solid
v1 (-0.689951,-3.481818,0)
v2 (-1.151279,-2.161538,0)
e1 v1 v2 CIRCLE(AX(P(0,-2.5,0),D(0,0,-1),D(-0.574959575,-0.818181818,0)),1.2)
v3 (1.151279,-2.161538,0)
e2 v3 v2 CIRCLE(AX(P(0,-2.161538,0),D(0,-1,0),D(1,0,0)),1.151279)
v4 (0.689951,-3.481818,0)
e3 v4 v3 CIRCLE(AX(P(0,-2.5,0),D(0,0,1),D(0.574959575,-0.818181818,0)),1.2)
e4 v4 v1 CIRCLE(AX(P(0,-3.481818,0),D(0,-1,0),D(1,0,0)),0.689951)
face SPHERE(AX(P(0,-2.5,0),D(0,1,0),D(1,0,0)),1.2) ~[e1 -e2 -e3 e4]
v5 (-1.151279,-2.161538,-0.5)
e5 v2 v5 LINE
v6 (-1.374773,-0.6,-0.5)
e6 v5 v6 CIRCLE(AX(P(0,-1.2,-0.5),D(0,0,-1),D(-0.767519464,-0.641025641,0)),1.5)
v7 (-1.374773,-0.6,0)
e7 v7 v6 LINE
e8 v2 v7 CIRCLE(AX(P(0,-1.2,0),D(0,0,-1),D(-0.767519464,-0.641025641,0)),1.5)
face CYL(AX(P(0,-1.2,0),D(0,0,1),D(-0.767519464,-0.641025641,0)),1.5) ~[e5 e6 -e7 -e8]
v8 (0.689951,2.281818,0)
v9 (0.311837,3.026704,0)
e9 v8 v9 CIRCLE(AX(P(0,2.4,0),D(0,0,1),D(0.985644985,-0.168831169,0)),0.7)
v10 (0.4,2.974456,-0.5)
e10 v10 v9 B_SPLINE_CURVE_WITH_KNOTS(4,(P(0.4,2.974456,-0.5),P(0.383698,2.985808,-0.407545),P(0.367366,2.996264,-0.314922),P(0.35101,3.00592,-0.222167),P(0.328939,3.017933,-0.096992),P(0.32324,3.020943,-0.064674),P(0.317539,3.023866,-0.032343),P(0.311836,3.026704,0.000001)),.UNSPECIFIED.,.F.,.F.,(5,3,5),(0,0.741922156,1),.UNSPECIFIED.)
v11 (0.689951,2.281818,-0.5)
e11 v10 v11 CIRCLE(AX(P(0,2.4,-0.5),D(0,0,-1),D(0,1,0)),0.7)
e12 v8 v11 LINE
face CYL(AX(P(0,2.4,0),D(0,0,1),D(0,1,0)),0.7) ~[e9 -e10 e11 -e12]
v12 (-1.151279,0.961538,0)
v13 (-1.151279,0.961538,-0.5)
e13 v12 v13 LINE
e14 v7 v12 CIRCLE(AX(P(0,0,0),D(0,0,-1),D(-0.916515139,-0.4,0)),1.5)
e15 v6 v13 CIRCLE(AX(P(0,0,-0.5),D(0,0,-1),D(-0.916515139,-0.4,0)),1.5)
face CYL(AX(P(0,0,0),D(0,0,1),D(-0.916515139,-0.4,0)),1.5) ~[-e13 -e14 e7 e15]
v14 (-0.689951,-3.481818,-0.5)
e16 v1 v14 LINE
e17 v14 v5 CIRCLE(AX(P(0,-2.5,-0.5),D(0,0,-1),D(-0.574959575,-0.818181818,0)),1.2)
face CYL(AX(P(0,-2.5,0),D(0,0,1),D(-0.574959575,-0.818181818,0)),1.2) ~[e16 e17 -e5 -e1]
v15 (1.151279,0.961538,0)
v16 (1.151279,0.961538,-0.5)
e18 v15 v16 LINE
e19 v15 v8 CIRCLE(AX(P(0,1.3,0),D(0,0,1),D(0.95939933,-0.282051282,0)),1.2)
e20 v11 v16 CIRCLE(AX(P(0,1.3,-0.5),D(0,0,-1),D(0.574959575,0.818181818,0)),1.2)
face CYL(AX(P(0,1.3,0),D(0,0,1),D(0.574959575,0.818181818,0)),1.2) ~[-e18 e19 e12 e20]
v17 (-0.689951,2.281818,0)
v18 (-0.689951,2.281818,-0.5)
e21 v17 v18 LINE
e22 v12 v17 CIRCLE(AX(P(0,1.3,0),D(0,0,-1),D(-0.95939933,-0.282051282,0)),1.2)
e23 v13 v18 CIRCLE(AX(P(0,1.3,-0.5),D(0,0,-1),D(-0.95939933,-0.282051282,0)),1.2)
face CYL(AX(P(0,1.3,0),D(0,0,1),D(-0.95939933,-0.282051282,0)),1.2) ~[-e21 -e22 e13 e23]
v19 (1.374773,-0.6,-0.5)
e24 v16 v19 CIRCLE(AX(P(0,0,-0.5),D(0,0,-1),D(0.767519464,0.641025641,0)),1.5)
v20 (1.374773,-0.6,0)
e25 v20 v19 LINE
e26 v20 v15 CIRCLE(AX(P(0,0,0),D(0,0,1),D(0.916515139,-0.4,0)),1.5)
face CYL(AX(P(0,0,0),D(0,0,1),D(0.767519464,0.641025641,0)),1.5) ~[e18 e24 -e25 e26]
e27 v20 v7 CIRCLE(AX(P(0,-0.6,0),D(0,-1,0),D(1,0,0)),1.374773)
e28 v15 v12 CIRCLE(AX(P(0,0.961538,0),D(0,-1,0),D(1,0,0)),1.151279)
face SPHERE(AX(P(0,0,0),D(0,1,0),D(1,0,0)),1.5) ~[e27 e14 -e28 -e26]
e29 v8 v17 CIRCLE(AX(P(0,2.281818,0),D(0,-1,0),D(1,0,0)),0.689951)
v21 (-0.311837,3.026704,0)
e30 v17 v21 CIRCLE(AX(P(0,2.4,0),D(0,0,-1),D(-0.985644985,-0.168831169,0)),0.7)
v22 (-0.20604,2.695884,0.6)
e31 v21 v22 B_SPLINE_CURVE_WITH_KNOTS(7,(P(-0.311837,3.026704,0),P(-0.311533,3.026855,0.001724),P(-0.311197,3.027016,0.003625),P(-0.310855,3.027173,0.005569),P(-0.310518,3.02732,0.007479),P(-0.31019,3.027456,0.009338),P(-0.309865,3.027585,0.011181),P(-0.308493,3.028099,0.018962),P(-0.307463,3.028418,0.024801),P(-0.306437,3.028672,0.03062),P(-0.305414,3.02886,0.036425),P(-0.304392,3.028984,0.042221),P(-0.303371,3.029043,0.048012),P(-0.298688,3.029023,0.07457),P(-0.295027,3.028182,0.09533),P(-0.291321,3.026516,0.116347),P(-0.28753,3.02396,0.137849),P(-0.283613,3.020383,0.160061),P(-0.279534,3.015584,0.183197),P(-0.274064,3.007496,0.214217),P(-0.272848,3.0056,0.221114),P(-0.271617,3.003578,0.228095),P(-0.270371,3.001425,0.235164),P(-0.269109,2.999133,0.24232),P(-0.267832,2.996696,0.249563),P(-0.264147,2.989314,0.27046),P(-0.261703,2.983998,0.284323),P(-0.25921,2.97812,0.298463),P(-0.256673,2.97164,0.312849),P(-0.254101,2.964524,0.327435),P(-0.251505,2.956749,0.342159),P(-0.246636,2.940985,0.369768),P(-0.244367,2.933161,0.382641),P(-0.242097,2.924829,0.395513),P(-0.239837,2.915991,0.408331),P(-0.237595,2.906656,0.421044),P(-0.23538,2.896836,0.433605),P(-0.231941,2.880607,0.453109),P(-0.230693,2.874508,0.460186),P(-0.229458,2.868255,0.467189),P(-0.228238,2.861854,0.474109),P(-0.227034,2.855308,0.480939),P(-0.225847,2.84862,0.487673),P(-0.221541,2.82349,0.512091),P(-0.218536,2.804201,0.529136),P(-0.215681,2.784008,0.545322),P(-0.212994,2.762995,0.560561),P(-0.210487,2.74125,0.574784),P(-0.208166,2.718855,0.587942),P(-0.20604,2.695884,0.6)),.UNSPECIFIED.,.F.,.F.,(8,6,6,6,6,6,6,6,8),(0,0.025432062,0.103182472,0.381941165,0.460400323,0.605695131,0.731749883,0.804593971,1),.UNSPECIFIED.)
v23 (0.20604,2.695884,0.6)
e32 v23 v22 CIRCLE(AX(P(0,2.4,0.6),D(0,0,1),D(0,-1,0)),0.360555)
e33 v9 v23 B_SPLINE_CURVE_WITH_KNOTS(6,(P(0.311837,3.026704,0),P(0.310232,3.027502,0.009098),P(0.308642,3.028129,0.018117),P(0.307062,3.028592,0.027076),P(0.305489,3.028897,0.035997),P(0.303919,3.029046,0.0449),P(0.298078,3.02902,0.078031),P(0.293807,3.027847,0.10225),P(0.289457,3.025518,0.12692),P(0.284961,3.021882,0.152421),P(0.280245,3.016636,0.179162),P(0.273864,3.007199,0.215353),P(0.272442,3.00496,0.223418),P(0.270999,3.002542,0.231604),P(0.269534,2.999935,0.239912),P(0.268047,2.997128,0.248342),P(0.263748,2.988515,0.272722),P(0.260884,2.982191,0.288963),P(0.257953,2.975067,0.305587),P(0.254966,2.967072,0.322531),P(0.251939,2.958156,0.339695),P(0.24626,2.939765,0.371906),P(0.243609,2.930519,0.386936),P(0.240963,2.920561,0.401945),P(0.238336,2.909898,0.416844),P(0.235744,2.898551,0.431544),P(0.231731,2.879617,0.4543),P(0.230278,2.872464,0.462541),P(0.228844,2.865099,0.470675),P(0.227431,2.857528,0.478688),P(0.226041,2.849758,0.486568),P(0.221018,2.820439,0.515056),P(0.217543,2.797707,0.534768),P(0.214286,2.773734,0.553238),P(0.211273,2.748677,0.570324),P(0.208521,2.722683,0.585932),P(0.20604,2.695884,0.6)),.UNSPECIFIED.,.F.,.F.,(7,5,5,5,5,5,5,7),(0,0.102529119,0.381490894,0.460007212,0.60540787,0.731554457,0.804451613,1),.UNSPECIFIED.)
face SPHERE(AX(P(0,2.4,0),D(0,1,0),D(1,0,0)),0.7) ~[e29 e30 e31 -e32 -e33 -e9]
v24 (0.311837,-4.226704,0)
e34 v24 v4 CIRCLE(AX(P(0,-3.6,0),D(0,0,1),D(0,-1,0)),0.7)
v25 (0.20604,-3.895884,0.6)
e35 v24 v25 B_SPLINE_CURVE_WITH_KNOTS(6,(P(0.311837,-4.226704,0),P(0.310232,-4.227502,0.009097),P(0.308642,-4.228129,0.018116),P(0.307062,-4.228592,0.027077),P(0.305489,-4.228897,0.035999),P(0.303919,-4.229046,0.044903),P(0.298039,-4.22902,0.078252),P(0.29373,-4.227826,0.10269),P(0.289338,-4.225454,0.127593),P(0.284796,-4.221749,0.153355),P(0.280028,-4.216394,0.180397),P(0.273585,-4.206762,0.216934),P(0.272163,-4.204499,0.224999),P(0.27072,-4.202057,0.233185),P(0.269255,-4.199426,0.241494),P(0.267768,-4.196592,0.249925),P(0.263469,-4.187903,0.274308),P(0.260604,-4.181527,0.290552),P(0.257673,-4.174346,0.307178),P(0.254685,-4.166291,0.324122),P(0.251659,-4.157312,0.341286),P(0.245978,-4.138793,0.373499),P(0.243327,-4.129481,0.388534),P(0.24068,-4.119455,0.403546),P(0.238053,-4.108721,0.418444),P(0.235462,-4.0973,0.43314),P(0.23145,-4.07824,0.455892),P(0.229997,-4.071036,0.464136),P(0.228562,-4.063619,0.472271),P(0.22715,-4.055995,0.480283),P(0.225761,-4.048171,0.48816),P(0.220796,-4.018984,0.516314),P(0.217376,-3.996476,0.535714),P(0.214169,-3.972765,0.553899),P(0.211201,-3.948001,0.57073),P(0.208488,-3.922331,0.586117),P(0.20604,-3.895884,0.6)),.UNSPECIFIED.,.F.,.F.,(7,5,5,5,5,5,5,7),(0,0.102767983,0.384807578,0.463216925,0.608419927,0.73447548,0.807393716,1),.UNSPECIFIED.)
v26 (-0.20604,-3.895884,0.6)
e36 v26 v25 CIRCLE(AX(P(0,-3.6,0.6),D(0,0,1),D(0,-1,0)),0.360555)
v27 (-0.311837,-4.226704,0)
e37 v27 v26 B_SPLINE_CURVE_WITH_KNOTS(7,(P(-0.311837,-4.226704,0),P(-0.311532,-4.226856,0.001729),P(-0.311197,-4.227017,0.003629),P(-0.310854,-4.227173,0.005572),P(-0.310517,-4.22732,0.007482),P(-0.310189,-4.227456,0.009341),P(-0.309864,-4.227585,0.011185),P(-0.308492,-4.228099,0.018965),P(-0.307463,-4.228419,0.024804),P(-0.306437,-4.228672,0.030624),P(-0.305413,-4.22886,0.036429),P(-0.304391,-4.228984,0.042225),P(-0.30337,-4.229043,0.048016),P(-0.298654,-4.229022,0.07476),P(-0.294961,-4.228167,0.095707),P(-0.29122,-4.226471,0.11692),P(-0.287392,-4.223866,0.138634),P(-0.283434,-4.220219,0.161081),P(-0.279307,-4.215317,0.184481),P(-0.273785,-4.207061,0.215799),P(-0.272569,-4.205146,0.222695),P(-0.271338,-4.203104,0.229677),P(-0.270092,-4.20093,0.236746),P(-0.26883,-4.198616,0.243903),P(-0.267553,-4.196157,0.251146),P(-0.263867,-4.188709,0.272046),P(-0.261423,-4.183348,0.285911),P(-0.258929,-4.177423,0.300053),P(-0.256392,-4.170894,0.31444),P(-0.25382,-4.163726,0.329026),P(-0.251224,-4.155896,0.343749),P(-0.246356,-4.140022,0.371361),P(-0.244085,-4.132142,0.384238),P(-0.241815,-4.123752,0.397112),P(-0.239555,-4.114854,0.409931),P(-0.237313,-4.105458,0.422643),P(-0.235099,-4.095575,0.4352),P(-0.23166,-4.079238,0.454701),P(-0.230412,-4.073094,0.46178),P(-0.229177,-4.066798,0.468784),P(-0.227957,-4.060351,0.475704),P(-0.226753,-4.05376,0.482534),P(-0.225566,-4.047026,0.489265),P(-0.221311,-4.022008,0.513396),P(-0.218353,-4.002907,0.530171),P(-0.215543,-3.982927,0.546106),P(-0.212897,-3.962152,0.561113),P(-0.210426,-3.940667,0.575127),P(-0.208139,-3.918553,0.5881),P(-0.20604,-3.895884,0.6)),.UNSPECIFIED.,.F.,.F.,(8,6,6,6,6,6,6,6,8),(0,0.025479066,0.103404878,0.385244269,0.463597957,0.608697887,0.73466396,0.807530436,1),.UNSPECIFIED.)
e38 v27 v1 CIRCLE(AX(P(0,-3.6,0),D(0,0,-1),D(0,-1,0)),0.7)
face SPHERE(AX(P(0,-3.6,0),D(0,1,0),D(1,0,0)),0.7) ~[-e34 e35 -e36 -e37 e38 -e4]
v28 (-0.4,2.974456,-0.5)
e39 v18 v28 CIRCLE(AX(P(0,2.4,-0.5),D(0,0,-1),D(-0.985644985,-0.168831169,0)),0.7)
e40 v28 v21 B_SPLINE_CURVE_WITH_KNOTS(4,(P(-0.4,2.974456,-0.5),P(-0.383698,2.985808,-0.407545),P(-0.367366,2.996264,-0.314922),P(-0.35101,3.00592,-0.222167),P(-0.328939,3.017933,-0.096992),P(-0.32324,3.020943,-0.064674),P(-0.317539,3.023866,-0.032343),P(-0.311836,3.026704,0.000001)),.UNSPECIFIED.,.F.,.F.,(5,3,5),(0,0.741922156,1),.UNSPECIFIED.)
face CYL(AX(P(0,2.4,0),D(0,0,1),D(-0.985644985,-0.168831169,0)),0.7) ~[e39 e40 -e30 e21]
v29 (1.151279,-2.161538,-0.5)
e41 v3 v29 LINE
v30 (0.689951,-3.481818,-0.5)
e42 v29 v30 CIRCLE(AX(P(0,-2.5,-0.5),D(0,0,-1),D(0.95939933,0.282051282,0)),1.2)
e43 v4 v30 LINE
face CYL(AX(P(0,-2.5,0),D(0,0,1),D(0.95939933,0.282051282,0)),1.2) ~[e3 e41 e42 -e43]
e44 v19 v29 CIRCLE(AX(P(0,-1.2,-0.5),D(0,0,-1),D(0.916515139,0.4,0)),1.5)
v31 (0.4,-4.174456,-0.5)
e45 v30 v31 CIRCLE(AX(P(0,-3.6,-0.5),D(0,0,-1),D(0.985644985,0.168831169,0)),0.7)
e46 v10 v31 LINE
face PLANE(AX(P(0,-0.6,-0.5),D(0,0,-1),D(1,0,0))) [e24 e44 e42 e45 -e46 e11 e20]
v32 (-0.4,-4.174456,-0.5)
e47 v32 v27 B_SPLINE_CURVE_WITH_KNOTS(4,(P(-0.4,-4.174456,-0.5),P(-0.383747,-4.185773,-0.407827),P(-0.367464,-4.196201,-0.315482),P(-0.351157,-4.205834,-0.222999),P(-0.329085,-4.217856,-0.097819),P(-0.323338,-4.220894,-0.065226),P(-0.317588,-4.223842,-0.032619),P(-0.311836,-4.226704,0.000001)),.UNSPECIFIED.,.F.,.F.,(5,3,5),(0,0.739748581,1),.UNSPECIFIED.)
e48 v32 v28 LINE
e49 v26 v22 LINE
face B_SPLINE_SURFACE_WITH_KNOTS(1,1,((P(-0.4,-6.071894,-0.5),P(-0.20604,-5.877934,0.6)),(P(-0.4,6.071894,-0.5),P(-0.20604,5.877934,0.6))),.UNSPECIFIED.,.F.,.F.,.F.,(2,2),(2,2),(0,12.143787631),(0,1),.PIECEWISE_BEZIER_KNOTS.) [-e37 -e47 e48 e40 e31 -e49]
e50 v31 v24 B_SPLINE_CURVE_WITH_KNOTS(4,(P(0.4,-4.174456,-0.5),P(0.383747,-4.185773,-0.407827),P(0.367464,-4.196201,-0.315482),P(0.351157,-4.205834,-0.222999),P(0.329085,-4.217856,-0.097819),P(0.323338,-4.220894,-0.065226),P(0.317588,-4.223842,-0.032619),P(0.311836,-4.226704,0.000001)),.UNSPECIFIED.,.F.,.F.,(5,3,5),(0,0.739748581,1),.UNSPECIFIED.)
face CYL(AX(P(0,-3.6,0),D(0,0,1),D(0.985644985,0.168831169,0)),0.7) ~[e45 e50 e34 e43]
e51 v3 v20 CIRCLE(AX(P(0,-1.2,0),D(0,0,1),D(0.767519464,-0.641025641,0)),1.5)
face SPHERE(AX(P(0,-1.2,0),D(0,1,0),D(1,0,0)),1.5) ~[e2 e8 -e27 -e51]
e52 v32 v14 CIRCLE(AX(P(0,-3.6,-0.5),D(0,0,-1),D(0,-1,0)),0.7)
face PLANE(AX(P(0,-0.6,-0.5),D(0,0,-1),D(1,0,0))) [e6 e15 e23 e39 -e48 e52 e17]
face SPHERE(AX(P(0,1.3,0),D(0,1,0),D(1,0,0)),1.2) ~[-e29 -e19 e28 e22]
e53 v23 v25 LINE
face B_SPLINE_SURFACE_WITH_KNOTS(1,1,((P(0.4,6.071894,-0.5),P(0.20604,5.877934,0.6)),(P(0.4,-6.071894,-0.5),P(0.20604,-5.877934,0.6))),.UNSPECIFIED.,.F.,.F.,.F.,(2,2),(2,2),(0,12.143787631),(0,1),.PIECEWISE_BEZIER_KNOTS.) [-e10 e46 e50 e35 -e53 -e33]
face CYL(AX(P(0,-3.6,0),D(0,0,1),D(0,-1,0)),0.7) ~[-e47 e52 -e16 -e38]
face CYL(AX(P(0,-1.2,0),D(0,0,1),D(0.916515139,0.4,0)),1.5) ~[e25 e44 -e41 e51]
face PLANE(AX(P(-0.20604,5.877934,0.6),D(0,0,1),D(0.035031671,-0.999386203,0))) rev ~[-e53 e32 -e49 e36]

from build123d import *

# Parameters (mm, degrees)
F1_ANGLE = 180
F3_DEPTH = 0.5
F5_DEPTH = 1.1
F5_TAPER = 10


with BuildPart() as f1:
    # F0 (on Top) → F1 (revolve)
    with BuildSketch(Plane.XY):
        with BuildLine():
            ThreePointArc((0.5062173446, 0.212), (0.9095469597, 0.517232903), (1.1512791959, 0.9615384615))
            ThreePointArc((1.1512791959, 0.9615384615), (0.6354889093, 1.358732441), (0, 1.5))
            Line((0, 1.5), (0, 0.3))
            ThreePointArc((0, 0.3), (0.2569046516, 0.2778362562), (0.5062173446, 0.212))
        make_face()
        with BuildLine():
            Line((0, -1.3), (0, -1.5))
            ThreePointArc((0, -1.5), (0.2569046516, -1.4778362562), (0.5062173446, -1.412))
            ThreePointArc((0.5062173446, -1.412), (0.2592296279, -1.3283345187), (0, -1.3))
        make_face()
        with BuildLine():
            ThreePointArc((0.5062173446, -1.412), (0.2569046516, -1.4778362562), (0, -1.5))
            Line((0, -1.5), (0, -2.7))
            ThreePointArc((0, -2.7), (0.6354889093, -2.558732441), (1.1512791959, -2.1615384615))
            ThreePointArc((1.1512791959, -2.1615384615), (0.9095469597, -1.717232903), (0.5062173446, -1.412))
        make_face()
        with BuildLine():
            ThreePointArc((0, 1.5), (0.6354889093, 1.358732441), (1.1512791959, 0.9615384615))
            ThreePointArc((1.1512791959, 0.9615384615), (1.1328359299, 1.6958317266), (0.6899514895, 2.2818181818))
            ThreePointArc((0.6899514895, 2.2818181818), (0.4512608599, 1.864870449), (0, 1.7))
            Line((0, 1.7), (0, 1.5))
        make_face()
        with BuildLine():
            ThreePointArc((0.5062173446, 0.212), (1.0243861064, -0.1042659515), (1.3747727085, -0.6))
            ThreePointArc((1.3747727085, -0.6), (1.4848687308, 0.2125202398), (1.1512791959, 0.9615384615))
            ThreePointArc((1.1512791959, 0.9615384615), (0.9095469597, 0.517232903), (0.5062173446, 0.212))
        make_face()
        with BuildLine():
            ThreePointArc((0, -1.3), (0.2592296279, -1.3283345187), (0.5062173446, -1.412))
            ThreePointArc((0.5062173446, -1.412), (1.0243861064, -1.0957340485), (1.3747727085, -0.6))
            ThreePointArc((1.3747727085, -0.6), (1.0243861064, -0.1042659515), (0.5062173446, 0.212))
            ThreePointArc((0.5062173446, 0.212), (0.2592296279, 0.1283345187), (0, 0.1))
            Line((0, 0.1), (0, -1.3))
        make_face()
        with BuildLine():
            ThreePointArc((1.3747727085, -0.6), (1.0243861064, -1.0957340485), (0.5062173446, -1.412))
            ThreePointArc((0.5062173446, -1.412), (0.9095469597, -1.717232903), (1.1512791959, -2.1615384615))
            ThreePointArc((1.1512791959, -2.1615384615), (1.4848687308, -1.4125202398), (1.3747727085, -0.6))
        make_face()
        with BuildLine():
            ThreePointArc((1.1512791959, -2.1615384615), (0.6354889093, -2.558732441), (0, -2.7))
            Line((0, -2.7), (0, -2.9))
            ThreePointArc((0, -2.9), (0.4512608599, -3.064870449), (0.6899514895, -3.4818181818))
            ThreePointArc((0.6899514895, -3.4818181818), (1.1328359299, -2.8958317266), (1.1512791959, -2.1615384615))
        make_face()
        with BuildLine():
            Line((0, 0.3), (0, 0.1))
            ThreePointArc((0, 0.1), (0.2592296279, 0.1283345187), (0.5062173446, 0.212))
            ThreePointArc((0.5062173446, 0.212), (0.2569046516, 0.2778362562), (0, 0.3))
        make_face()
        with BuildLine():
            ThreePointArc((0, 2.5), (0.3618136135, 2.4441551071), (0.6899514895, 2.2818181818))
            ThreePointArc((0.6899514895, 2.2818181818), (0.535129551, 2.8512608599), (0, 3.1))
            Line((0, 3.1), (0, 2.5))
        make_face()
        with BuildLine():
            ThreePointArc((0, 1.7), (0.4512608599, 1.864870449), (0.6899514895, 2.2818181818))
            ThreePointArc((0.6899514895, 2.2818181818), (0.3618136135, 2.4441551071), (0, 2.5))
            Line((0, 2.5), (0, 1.7))
        make_face()
        with BuildLine():
            ThreePointArc((0, -4.3), (0.535129551, -4.0512608599), (0.6899514895, -3.4818181818))
            ThreePointArc((0.6899514895, -3.4818181818), (0.3618136135, -3.6441551071), (0, -3.7))
            Line((0, -3.7), (0, -4.3))
        make_face()
        with BuildLine():
            ThreePointArc((0.6899514895, -3.4818181818), (0.4512608599, -3.064870449), (0, -2.9))
            Line((0, -2.9), (0, -3.7))
            ThreePointArc((0, -3.7), (0.3618136135, -3.6441551071), (0.6899514895, -3.4818181818))
        make_face()
    revolve(axis=Axis((0, -0.6, 0), (0, -1, 0)), revolution_arc=F1_ANGLE)

    # F2 (on face) → F3 (join)
    with BuildSketch(Plane(origin=(0, 0, 0), x_dir=(1, 0, 0), z_dir=(0, 0, -1))):
        with BuildLine():
            ThreePointArc((-1.3747727085, 0.6), (-1.4848687308, -0.2125202398), (-1.1512791959, -0.9615384615))
            ThreePointArc((-1.1512791959, -0.9615384615), (-1.1328359299, -1.6958317266), (-0.6899514895, -2.2818181818))
            ThreePointArc((-0.6899514895, -2.2818181818), (-0.535129551, -2.8512608599), (0, -3.1))
            ThreePointArc((0, -3.1), (0.535129551, -2.8512608599), (0.6899514895, -2.2818181818))
            ThreePointArc((0.6899514895, -2.2818181818), (1.1328359299, -1.6958317266), (1.1512791959, -0.9615384615))
            ThreePointArc((1.1512791959, -0.9615384615), (1.4848687308, -0.2125202398), (1.3747727085, 0.6))
            ThreePointArc((1.3747727085, 0.6), (1.4848687308, 1.4125202398), (1.1512791959, 2.1615384615))
            ThreePointArc((1.1512791959, 2.1615384615), (1.1328359299, 2.8958317266), (0.6899514895, 3.4818181818))
            ThreePointArc((0.6899514895, 3.4818181818), (0.535129551, 4.0512608599), (0, 4.3))
            ThreePointArc((0, 4.3), (-0.535129551, 4.0512608599), (-0.6899514895, 3.4818181818))
            ThreePointArc((-0.6899514895, 3.4818181818), (-1.1328359299, 2.8958317266), (-1.1512791959, 2.1615384615))
            ThreePointArc((-1.1512791959, 2.1615384615), (-1.4848687308, 1.4125202398), (-1.3747727085, 0.6))
        make_face()
    extrude(amount=F3_DEPTH)

    # F4 (on face) → F5 (cut)
    with BuildSketch(Plane(origin=(0, 0, -0.5), x_dir=(1, 0, 0), z_dir=(0, 0, -1))):
        with BuildLine():
            ThreePointArc((0.4, 4.1744562647), (0, 4.3), (-0.4, 4.1744562647))
            Line((-0.4, 4.1744562647), (-0.4, -2.9744562647))
            ThreePointArc((-0.4, -2.9744562647), (0, -3.1), (0.4, -2.9744562647))
            Line((0.4, -2.9744562647), (0.4, 4.1744562647))
        make_face()
        with BuildLine():
            ThreePointArc((0.4, -2.9744562647), (0, -3.1), (-0.4, -2.9744562647))
            Line((-0.4, -2.9744562647), (-0.4, -6.0718938156))
            Line((-0.4, -6.0718938156), (0.4, -6.0718938156))
            Line((0.4, -6.0718938156), (0.4, -2.9744562647))
        make_face()
        with BuildLine():
            Line((0.4, 6.0718938156), (-0.4, 6.0718938156))
            Line((-0.4, 6.0718938156), (-0.4, 4.1744562647))
            ThreePointArc((-0.4, 4.1744562647), (0, 4.3), (0.4, 4.1744562647))
            Line((0.4, 4.1744562647), (0.4, 6.0718938156))
        make_face()
    extrude(amount=-F5_DEPTH, taper=F5_TAPER, mode=Mode.SUBTRACT)


solid = f1.part
